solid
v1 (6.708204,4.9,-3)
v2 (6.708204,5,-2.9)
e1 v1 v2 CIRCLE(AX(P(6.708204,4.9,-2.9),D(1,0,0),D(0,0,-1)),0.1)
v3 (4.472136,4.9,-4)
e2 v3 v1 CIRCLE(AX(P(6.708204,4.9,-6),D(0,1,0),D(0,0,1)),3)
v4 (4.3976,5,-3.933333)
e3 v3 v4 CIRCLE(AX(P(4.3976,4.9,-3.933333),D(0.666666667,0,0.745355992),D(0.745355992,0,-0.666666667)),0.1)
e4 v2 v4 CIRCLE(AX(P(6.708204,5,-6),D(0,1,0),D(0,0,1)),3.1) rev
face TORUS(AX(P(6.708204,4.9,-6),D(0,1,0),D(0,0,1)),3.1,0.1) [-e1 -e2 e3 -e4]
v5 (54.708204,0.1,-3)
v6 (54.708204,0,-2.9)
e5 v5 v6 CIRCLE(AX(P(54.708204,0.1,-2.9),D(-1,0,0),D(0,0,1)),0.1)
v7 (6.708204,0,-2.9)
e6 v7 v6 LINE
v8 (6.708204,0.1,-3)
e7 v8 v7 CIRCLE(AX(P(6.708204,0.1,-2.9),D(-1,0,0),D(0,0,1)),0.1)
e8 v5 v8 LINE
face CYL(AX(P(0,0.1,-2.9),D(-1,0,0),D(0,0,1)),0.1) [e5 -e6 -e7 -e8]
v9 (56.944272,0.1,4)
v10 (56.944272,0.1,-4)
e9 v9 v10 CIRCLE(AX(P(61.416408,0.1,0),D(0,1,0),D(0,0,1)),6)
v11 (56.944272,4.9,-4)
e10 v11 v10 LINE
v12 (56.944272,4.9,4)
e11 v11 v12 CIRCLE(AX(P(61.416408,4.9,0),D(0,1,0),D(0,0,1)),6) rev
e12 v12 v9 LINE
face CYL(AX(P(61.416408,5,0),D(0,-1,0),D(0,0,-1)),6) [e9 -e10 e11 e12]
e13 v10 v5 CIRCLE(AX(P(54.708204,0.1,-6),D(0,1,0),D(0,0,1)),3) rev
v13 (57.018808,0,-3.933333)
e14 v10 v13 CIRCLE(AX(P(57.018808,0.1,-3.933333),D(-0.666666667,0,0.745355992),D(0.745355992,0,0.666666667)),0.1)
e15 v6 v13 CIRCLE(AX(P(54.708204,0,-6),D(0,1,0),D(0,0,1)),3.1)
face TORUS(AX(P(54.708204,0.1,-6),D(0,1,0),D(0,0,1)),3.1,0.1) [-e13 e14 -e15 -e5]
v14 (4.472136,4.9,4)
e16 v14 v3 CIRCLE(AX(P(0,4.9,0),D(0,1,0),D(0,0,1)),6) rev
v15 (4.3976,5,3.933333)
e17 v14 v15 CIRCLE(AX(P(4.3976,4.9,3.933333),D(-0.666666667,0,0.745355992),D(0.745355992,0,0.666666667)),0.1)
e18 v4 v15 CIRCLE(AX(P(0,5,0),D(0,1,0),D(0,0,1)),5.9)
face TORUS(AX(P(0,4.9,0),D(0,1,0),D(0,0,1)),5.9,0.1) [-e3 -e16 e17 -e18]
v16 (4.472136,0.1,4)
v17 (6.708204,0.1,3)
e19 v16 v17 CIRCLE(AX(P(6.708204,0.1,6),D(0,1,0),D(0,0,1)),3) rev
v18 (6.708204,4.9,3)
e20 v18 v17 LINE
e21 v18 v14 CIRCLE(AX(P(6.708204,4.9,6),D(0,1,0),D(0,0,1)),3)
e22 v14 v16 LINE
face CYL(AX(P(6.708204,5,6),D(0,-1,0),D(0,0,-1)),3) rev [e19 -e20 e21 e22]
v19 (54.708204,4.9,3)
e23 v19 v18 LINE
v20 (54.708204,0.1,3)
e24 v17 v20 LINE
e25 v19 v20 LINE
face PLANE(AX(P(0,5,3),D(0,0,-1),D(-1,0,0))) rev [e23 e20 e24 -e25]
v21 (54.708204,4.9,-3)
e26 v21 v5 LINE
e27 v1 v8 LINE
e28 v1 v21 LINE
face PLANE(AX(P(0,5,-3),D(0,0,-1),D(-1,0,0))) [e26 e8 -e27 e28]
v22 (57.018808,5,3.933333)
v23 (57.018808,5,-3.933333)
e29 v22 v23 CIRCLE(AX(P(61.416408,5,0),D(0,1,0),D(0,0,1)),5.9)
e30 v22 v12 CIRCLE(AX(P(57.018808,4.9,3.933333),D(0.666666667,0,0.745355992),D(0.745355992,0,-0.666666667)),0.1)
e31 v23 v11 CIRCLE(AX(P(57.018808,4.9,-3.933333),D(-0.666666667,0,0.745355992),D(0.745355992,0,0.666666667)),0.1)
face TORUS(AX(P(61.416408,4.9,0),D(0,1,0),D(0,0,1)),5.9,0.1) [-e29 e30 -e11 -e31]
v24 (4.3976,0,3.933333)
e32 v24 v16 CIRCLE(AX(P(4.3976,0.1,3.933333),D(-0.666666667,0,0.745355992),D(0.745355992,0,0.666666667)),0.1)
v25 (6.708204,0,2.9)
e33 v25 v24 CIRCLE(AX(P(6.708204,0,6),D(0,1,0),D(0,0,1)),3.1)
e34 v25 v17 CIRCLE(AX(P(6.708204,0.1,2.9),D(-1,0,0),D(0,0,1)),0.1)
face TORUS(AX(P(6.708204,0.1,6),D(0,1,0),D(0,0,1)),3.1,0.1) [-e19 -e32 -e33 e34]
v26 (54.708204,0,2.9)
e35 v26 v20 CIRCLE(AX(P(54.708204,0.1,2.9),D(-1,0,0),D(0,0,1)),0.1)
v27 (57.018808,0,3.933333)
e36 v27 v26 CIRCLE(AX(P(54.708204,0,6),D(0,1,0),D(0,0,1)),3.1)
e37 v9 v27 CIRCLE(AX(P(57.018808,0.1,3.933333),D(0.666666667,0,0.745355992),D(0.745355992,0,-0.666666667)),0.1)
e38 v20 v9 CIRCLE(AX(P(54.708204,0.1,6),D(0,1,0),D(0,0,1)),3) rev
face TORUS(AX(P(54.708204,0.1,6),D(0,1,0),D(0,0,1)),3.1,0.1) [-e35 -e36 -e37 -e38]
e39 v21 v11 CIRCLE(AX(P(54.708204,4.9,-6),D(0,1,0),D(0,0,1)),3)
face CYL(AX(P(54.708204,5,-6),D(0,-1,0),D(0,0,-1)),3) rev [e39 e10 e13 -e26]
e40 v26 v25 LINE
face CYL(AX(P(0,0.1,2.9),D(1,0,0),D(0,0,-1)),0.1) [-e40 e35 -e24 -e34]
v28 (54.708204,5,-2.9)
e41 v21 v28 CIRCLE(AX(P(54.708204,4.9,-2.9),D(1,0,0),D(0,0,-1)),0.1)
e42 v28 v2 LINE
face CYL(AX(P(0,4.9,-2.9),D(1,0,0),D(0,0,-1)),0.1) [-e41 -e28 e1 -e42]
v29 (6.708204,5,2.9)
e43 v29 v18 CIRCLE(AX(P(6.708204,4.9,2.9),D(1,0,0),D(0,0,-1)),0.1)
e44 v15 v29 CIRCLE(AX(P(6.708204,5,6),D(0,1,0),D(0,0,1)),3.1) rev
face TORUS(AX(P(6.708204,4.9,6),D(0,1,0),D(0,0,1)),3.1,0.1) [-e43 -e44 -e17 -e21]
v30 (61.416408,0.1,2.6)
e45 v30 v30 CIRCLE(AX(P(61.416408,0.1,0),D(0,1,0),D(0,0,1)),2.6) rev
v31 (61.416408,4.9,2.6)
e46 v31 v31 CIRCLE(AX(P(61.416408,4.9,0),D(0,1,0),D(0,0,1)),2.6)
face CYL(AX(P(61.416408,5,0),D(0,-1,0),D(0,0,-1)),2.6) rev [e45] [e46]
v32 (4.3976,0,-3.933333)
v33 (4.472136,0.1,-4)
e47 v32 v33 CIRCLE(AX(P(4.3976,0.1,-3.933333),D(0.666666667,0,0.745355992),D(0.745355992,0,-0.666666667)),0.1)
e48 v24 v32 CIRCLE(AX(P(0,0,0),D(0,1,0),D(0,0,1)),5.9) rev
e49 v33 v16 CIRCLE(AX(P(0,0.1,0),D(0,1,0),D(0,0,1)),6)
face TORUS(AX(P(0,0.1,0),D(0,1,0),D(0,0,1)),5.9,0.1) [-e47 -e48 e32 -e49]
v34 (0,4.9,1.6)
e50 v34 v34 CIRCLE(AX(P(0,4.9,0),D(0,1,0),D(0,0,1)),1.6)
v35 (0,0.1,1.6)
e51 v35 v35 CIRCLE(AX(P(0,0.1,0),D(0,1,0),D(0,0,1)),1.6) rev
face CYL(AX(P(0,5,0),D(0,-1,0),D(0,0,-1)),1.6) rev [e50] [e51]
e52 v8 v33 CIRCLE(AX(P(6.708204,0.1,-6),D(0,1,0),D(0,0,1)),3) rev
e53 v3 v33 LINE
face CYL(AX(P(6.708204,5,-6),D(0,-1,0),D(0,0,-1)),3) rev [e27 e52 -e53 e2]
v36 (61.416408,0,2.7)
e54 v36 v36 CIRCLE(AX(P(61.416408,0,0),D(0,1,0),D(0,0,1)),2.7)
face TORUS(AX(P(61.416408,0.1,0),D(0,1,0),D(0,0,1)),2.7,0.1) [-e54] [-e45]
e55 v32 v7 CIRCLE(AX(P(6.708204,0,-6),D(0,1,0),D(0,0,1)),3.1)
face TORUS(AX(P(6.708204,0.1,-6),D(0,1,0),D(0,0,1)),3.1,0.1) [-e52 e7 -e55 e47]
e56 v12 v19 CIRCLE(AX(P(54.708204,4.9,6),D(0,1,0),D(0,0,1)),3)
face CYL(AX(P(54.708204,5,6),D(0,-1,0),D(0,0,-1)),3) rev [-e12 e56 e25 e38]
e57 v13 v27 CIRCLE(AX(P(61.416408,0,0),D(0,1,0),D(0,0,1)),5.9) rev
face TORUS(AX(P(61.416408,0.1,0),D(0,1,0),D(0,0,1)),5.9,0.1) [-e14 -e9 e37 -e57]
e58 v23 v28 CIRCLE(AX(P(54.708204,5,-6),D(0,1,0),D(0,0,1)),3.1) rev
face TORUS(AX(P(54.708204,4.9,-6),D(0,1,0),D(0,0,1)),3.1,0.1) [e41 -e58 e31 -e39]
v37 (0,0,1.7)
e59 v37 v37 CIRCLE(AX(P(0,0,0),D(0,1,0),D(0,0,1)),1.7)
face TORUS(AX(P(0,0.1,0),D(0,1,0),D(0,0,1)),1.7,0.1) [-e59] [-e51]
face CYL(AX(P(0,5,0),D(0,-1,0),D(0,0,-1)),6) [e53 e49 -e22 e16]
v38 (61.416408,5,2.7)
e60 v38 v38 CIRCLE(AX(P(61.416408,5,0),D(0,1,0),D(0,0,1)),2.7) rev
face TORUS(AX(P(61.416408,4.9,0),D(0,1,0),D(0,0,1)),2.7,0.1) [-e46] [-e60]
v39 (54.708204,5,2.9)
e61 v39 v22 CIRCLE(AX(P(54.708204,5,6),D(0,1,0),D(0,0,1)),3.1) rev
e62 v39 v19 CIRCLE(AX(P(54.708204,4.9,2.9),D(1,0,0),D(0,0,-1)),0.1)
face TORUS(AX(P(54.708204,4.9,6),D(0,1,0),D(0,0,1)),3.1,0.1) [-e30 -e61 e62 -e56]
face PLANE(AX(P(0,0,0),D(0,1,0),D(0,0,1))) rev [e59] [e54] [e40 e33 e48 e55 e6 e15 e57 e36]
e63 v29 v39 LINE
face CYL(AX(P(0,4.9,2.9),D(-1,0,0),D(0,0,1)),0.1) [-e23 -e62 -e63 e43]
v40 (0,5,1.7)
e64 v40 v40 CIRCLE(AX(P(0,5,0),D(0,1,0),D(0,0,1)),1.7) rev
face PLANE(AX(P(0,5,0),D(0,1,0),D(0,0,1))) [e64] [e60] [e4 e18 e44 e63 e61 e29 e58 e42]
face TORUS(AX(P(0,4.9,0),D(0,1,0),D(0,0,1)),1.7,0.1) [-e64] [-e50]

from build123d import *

# Parameters (mm, degrees)
SKETCH1_R           = 1.6
SKETCH1_R_2         = 2.6
BOSS_EXTRUDE1_DEPTH = 5
FILLET1_R           = 0.1


with BuildPart() as part:
    # Sketch1 → Boss-Extrude1 (new body)
    with BuildSketch(Plane(origin=(0, 0, 0), x_dir=(1, 0, 0), z_dir=(0, 1, 0))):
        with BuildLine():
            Line((6.708203932, 3), (54.708203932, 3))
            ThreePointArc((54.708203932, 3), (55.932948804, 3.261387212), (56.94427191, 4))
            ThreePointArc((56.94427191, 4), (67.416407865, 0), (56.94427191, -4))
            ThreePointArc((56.94427191, -4), (55.932948804, -3.261387212), (54.708203932, -3))
            Line((54.708203932, -3), (6.708203932, -3))
            ThreePointArc((6.708203932, -3), (5.483459061, -3.261387212), (4.472135955, -4))
            ThreePointArc((4.472135955, -4), (-6, 0), (4.472135955, 4))
            ThreePointArc((4.472135955, 4), (5.483459061, 3.261387212), (6.708203932, 3))
        make_face()
        with Locations(Location((0, 0, 0), (0, 0, 270))):
            Circle(SKETCH1_R, mode=Mode.SUBTRACT)
        with Locations(Location((61.416407865, 0, 0), (0, 0, 270))):
            Circle(SKETCH1_R_2, mode=Mode.SUBTRACT)
    extrude(amount=BOSS_EXTRUDE1_DEPTH)

    # Fillet1
    fillet1_edges = [part.edges().sort_by_distance(p)[0] for p in [
        (55.932948804, 0, -3.261387212),
        (67.416407865, 0, 0),
        (61.416407865, 5, -2.6),
        (55.932948804, 0, 3.261387212),
        (30.708203932, 0, 3),
        (5.483459061, 0, 3.261387212),
        (-6, 0, 0),
        (5.483459061, 0, -3.261387212),
        (30.708203932, 0, -3),
        (61.416407865, 0, -2.6),
        (0, 0, -1.6),
        (30.708203932, 5, -3),
        (5.483459061, 5, -3.261387212),
        (-6, 5, 0),
        (5.483459061, 5, 3.261387212),
        (30.708203932, 5, 3),
        (55.932948804, 5, 3.261387212),
        (67.416407865, 5, 0),
        (55.932948804, 5, -3.261387212),
        (0, 5, -1.6),
    ]]
    fillet(fillet1_edges, radius=FILLET1_R)


solid = part.part
